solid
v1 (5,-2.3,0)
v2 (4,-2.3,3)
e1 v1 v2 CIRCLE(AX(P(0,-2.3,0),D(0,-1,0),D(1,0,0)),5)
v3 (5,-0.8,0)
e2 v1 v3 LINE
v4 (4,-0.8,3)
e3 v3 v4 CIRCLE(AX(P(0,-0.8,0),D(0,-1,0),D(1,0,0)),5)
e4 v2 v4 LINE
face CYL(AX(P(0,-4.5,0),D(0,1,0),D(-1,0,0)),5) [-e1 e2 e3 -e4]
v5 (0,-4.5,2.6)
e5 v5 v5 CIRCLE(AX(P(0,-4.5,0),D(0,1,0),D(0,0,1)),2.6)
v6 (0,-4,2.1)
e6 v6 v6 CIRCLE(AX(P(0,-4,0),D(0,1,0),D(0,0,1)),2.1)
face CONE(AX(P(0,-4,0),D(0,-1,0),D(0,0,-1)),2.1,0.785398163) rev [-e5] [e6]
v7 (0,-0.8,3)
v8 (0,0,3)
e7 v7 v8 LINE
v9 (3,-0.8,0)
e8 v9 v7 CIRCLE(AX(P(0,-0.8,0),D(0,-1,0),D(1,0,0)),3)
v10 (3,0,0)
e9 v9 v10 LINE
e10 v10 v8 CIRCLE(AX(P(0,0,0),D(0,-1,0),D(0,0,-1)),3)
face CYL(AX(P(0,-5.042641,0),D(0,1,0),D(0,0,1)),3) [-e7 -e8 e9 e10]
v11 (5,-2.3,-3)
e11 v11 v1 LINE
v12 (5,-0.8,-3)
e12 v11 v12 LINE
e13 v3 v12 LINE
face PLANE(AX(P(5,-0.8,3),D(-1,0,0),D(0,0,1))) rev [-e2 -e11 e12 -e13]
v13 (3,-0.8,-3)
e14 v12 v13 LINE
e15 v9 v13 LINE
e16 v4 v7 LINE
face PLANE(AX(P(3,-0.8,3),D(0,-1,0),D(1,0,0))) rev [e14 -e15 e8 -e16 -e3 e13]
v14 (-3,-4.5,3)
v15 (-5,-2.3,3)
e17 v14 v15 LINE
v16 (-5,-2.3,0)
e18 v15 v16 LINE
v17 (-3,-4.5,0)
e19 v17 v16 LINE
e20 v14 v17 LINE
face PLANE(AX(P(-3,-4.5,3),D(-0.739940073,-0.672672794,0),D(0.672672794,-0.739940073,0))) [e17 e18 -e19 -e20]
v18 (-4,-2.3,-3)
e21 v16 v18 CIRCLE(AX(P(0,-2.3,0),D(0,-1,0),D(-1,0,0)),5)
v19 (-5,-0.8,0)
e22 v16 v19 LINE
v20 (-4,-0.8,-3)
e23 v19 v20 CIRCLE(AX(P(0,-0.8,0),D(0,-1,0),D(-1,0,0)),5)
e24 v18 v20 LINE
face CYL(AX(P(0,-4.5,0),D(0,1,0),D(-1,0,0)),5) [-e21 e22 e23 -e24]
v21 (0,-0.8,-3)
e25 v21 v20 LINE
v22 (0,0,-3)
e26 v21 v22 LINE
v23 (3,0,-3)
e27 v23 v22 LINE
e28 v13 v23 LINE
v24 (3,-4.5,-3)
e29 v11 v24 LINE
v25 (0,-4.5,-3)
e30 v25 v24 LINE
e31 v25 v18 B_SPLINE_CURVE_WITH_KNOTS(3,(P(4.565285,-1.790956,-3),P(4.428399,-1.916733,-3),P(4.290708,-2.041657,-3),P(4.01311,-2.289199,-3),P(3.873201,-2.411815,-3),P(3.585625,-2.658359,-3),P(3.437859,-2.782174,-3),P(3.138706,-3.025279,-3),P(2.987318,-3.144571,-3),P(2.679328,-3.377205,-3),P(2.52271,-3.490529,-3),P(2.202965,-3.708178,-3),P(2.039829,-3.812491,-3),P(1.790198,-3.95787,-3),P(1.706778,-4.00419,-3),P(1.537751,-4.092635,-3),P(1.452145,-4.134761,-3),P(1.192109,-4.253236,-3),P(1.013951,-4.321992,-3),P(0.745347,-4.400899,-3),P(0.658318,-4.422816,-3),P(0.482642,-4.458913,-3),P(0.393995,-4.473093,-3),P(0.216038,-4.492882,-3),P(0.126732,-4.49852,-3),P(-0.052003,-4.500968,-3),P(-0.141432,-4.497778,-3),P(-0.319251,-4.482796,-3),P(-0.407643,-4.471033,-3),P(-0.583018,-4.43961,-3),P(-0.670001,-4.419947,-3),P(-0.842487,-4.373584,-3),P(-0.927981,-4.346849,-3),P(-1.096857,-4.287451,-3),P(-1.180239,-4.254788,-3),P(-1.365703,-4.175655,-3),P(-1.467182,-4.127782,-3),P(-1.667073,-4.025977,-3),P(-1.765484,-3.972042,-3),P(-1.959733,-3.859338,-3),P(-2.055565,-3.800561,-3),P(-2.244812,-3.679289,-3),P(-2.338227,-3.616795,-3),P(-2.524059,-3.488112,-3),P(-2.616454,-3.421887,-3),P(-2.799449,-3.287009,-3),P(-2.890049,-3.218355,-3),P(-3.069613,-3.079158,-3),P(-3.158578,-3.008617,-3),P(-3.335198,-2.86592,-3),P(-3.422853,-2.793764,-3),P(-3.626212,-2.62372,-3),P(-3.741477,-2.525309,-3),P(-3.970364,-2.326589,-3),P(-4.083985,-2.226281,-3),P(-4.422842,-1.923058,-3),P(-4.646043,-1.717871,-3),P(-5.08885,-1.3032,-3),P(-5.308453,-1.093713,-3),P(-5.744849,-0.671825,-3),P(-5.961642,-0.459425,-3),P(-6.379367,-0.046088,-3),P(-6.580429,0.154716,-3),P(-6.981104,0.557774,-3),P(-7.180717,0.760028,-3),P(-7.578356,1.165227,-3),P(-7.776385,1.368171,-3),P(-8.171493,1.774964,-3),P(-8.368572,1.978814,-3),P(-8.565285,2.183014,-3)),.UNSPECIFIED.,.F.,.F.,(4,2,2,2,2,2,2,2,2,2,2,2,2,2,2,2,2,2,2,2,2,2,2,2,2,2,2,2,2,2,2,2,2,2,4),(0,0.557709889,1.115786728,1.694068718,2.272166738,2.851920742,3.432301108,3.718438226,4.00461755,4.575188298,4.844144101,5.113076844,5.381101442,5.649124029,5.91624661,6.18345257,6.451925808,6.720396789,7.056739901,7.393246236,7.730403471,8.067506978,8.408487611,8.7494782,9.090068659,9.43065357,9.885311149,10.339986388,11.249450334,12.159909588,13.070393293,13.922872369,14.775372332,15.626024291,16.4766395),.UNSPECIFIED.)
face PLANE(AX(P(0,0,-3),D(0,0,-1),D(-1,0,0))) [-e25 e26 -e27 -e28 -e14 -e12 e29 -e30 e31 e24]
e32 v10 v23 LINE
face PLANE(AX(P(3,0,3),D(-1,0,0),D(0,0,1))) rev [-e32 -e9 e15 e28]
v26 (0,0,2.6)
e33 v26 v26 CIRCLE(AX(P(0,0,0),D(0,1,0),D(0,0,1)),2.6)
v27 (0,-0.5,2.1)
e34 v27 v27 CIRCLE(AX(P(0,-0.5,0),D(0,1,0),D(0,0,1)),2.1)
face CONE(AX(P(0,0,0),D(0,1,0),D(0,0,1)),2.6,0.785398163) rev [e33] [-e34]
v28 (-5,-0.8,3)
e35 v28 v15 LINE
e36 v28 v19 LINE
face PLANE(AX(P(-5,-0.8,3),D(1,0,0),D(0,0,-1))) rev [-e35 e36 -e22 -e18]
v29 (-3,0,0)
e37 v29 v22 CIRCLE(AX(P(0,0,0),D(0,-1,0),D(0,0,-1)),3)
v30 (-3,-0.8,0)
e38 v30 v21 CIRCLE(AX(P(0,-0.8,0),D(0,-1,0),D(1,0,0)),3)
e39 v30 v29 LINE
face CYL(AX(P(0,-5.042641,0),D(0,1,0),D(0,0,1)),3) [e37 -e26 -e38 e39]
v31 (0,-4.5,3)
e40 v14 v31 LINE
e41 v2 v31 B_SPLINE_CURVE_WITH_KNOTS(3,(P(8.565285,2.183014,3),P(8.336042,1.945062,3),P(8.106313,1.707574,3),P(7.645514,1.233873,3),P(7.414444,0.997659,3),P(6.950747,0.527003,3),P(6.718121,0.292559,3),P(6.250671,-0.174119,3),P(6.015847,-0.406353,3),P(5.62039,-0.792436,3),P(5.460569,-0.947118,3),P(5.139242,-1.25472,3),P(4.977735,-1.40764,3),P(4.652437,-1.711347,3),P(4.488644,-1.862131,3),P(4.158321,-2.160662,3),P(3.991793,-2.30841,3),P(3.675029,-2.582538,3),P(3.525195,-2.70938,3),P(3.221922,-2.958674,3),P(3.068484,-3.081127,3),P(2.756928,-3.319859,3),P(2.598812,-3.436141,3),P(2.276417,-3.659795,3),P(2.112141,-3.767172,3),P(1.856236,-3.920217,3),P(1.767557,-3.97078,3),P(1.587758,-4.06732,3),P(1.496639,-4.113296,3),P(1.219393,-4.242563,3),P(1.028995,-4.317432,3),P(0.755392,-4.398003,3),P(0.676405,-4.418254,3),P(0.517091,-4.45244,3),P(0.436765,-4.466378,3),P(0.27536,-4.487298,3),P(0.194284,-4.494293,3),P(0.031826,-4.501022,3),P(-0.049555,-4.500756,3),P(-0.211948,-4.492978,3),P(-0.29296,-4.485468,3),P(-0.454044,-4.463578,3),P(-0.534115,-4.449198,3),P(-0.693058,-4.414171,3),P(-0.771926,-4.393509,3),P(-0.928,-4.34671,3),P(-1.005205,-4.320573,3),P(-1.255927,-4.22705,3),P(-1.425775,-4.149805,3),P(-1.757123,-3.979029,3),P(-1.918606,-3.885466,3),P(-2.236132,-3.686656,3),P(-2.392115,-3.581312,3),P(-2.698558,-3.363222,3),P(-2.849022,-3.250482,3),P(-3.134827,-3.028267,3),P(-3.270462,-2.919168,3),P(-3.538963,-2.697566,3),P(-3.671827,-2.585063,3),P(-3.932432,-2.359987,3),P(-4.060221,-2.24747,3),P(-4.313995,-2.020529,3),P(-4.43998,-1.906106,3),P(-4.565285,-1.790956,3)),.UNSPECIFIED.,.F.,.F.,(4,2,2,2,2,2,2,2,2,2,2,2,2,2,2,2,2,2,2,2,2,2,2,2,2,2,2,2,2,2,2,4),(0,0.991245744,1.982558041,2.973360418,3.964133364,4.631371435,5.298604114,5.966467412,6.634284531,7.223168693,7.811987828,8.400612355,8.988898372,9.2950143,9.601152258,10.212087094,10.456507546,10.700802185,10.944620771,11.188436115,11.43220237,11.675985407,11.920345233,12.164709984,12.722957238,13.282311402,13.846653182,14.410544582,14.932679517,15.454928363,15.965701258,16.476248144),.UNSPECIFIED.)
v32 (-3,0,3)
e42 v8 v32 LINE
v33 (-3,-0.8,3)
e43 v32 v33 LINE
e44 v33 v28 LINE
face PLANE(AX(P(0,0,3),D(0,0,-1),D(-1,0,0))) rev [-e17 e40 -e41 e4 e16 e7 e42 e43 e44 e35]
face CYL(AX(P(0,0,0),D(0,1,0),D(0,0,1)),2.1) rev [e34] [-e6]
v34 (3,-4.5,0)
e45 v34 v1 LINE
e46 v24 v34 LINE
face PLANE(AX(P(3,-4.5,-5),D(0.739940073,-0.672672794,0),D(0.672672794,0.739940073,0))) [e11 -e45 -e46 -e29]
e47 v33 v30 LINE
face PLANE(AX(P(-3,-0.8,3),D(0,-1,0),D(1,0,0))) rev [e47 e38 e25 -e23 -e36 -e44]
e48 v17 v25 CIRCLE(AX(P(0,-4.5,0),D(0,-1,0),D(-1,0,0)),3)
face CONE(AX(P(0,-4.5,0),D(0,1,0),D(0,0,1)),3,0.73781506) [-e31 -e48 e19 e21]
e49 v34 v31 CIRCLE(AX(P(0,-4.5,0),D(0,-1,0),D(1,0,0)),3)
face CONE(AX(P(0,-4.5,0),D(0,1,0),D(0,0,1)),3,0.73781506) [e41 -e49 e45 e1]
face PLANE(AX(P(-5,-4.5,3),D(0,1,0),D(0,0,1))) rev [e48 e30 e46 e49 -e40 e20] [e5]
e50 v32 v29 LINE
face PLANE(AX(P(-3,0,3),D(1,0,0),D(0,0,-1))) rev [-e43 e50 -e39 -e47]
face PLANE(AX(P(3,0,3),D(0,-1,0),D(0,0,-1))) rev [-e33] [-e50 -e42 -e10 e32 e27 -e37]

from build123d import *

# Parameters (mm, degrees)
EXTRUDE_1_DEPTH     = 3
CUT_EXTRUDE_1_DEPTH = 0.8
CUT_EXTRUDE_2_DEPTH = 4.7


with BuildPart() as part:
    # Эскиз1 → Бобышка-Вытянуть1 (new body, symmetric)
    with BuildSketch(Plane.XY):
        Polygon((3, 0), (-3, 0), (-3, -0.8), (-5, -0.8), (-5, -4.5), (5, -4.5), (5, -0.8), (3, -0.8), align=None)
    extrude(amount=EXTRUDE_1_DEPTH, both=True)

    # Эскиз3 → Отверстие обработанное метчиком M51 (revolve, cut)
    with BuildSketch(Plane(origin=(0, 0, 0), x_dir=(0, 0, 1), z_dir=(1, 0, 0))):
        Polygon((0, 0), (0, 4.5), (2.6, 4.5), (2.1, 4), (2.1, 0.5), (2.6, 0), align=None)
    revolve(axis=Axis((0, 6.35, 0), (0, -1, 0)), mode=Mode.SUBTRACT)

    # Эскиз4 → Вырез-Вытянуть1 (cut)
    with BuildSketch(Plane(origin=(0, 0, 0), x_dir=(1, 0, 0), z_dir=(0, 1, 0))):
        with BuildLine():
            Line((-3, 3), (-3, 0))
            ThreePointArc((-3, 0), (-2.121320344, 2.121320344), (0, 3))
            Line((0, 3), (-3, 3))
        make_face()
        with BuildLine():
            Line((0, -3), (3, -3))
            Line((3, -3), (3, 0))
            ThreePointArc((3, 0), (2.121320344, -2.121320344), (0, -3))
        make_face()
    extrude(amount=-CUT_EXTRUDE_1_DEPTH, mode=Mode.SUBTRACT)

    # Эскиз5 → Вырез-Вытянуть2 (cut, through all)
    with BuildSketch(Plane(origin=(0, -0.8, 0), x_dir=(1, 0, 0), z_dir=(0, 1, 0))):
        with BuildLine():
            Line((-5, 0), (-5, 3))
            Line((-5, 3), (-4, 3))
            ThreePointArc((-4, 3), (-4.74341649, 1.58113883), (-5, 0))
        make_face()
        with BuildLine():
            Line((5, 0), (5, -3))
            Line((5, -3), (4, -3))
            ThreePointArc((4, -3), (4.74341649, -1.58113883), (5, 0))
        make_face()
    extrude(amount=-CUT_EXTRUDE_2_DEPTH, mode=Mode.SUBTRACT)

    # Вырез-По траектории1: sweep along a path in Эскиз7
    with BuildLine(Plane.XZ.offset(4.5)) as sweep_1_path:
        Line((0, 5), (-5, 5))
        Line((-5, 5), (-5, 0))
        ThreePointArc((-5, 0), (-3.535533906, -3.535533906), (0, -5))
        Line((0, -5), (5, -5))
        Line((5, -5), (5, 0))
        ThreePointArc((5, 0), (3.535533906, 3.535533906), (0, 5))
    # Эскиз6 → Вырез-По траектории1 (sweep, cut)
    with BuildSketch(Plane.XY.offset(3)):
        Polygon((-5, -2.3), (-5, -4.5), (-3, -4.5), align=None)
    sweep(path=sweep_1_path.line, transition=Transition.RIGHT, mode=Mode.SUBTRACT)


solid = part.part
